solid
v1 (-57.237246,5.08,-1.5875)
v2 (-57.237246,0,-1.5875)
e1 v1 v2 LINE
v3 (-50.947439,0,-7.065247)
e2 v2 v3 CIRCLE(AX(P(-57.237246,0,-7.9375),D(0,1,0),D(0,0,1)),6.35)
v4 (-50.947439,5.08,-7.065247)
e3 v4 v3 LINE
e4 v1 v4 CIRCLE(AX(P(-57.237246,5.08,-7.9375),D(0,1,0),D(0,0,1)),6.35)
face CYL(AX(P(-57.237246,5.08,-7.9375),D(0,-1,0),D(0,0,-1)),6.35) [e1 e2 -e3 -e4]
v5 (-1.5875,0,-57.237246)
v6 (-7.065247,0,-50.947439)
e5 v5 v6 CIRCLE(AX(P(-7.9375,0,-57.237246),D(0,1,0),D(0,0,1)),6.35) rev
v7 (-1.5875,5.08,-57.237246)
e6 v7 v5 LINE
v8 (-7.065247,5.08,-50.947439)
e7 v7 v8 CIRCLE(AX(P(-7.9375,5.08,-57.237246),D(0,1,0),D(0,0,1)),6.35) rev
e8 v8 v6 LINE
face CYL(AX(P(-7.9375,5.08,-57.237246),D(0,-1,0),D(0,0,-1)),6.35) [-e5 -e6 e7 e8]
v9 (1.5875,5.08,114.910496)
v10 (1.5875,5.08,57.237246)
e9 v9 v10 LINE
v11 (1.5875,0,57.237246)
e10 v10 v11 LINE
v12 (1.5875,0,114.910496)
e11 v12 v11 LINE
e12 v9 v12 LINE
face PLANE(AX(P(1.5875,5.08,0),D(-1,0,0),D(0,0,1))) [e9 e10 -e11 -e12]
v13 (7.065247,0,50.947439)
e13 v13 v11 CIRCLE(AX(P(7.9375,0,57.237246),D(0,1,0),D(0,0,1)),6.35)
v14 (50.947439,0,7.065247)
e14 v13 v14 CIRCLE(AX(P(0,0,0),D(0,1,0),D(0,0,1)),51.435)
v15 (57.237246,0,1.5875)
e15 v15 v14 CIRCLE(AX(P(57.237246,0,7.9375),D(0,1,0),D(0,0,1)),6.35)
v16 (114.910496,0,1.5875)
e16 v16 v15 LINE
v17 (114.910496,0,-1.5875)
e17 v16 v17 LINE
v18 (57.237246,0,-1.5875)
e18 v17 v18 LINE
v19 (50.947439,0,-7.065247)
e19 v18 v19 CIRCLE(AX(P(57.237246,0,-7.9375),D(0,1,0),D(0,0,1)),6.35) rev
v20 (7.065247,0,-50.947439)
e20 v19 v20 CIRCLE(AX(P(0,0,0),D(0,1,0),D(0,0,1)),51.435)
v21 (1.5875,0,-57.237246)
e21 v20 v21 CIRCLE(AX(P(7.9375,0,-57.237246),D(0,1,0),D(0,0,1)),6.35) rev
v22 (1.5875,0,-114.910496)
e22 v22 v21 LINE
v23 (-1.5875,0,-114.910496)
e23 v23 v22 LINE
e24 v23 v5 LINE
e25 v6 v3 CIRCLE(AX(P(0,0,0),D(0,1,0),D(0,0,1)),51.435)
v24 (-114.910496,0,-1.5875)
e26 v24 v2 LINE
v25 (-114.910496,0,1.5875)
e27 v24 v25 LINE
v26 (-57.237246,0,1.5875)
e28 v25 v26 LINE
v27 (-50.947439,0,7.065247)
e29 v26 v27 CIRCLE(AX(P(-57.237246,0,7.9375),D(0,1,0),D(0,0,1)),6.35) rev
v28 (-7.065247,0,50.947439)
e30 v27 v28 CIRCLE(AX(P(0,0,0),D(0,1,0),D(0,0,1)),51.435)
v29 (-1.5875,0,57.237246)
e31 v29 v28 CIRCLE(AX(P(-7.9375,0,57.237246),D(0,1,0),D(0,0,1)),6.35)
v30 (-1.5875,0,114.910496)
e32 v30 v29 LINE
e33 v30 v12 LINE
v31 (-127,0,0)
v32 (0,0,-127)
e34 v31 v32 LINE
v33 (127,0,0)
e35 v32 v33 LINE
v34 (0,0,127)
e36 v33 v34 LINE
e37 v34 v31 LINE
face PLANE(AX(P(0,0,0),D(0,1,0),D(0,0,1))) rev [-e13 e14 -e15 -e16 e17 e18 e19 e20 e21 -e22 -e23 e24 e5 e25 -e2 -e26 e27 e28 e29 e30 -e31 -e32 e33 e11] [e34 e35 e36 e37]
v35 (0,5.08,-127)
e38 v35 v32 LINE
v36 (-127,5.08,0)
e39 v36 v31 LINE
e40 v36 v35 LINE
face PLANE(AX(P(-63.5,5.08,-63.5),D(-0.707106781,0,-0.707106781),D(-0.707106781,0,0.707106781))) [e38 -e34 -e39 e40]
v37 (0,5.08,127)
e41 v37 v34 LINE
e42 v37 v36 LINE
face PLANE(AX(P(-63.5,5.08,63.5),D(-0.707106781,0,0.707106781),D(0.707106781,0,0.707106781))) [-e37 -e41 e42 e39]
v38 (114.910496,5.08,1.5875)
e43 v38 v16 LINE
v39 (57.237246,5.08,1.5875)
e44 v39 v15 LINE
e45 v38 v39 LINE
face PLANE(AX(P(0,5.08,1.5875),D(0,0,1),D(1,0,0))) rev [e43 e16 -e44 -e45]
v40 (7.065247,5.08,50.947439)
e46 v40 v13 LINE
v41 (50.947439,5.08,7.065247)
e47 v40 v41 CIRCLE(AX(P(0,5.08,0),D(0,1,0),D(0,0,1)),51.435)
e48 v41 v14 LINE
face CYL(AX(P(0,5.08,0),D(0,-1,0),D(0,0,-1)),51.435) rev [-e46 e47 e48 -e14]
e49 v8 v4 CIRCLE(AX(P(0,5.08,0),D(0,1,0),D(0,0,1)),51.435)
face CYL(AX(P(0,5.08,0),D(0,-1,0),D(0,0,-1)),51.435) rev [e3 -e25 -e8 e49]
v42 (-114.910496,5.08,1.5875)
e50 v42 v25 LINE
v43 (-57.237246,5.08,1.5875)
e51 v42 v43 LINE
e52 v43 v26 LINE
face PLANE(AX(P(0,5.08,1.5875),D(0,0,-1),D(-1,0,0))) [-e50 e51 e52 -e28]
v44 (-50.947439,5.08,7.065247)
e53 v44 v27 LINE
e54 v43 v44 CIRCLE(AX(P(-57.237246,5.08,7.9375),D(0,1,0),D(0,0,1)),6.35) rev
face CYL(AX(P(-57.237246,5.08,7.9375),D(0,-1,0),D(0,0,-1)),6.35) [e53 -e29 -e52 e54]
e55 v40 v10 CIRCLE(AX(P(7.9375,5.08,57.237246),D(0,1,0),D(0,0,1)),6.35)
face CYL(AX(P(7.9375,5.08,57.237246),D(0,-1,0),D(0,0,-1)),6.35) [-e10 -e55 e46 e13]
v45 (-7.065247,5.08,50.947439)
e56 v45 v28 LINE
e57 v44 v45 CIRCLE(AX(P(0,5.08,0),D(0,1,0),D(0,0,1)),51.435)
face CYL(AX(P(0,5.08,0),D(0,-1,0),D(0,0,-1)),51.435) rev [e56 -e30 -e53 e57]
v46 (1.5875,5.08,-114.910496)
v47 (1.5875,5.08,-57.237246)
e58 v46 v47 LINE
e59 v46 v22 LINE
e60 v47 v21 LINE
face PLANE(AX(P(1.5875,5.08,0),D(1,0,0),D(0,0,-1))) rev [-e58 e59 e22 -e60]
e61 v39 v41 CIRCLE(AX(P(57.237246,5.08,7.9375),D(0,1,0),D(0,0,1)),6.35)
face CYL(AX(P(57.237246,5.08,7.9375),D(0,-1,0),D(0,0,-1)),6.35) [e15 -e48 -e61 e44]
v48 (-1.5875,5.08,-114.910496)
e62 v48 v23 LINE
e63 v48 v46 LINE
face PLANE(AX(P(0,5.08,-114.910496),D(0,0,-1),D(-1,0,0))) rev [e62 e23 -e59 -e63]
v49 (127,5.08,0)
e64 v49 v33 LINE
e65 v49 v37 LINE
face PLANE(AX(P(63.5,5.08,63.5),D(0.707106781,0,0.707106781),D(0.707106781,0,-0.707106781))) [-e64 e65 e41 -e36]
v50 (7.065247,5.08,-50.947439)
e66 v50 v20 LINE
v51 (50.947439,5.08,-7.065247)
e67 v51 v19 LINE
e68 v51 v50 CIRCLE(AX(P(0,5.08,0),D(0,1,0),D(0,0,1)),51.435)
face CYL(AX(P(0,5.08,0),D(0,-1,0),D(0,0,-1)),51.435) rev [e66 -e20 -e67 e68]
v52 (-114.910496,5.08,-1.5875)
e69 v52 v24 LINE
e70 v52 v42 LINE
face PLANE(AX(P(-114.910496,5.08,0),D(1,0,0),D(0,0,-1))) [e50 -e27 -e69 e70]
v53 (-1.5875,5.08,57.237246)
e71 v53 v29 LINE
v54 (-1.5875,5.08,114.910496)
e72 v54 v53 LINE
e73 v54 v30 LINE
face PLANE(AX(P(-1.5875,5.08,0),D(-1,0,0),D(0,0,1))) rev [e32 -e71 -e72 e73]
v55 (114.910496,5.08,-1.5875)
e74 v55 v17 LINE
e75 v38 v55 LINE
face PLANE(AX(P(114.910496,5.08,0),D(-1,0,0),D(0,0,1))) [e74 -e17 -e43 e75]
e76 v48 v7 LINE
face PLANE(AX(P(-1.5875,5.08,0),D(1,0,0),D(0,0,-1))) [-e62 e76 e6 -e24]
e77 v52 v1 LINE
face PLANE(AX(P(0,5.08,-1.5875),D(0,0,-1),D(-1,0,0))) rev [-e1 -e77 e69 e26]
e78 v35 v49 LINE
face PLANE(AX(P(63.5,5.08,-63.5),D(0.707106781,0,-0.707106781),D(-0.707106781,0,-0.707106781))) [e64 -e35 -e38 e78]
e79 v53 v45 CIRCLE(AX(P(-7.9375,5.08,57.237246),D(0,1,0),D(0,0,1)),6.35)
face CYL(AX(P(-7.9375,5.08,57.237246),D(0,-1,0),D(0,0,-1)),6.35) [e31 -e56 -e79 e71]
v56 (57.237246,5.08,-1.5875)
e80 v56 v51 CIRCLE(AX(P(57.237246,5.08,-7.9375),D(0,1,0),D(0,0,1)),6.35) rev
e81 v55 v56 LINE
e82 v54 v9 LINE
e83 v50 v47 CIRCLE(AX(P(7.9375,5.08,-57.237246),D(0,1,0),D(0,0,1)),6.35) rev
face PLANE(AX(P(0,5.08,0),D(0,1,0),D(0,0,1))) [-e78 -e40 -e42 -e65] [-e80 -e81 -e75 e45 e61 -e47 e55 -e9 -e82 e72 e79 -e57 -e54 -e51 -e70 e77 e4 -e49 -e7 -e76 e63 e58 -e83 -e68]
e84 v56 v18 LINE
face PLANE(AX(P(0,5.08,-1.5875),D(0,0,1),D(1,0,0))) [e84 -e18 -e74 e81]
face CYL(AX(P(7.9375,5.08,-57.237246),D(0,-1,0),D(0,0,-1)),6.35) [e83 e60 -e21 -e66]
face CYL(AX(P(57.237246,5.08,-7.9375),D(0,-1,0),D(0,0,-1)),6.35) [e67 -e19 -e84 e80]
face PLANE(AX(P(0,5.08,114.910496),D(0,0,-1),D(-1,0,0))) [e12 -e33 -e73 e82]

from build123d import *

# Parameters (mm, degrees)
BOSS_EXTRUDE1_DEPTH = 5.08


with BuildPart() as part:
    # Sketch1 → Boss-Extrude1 (new body)
    with BuildSketch(Plane(origin=(0, 0, 0), x_dir=(1, 0, 0), z_dir=(0, 1, 0))):
        Polygon((-127, 0), (0, -127), (127, 0), (0, 127), align=None)
        with BuildLine():
            Line((114.910495706, 1.5875), (114.910495706, -1.5875))
            Line((114.910495706, -1.5875), (57.237245905, -1.5875))
            ThreePointArc((57.237245905, -1.5875), (53.066892499, -3.148903914), (50.947438662, -7.065247253))
            ThreePointArc((50.947438662, -7.065247253), (36.37003729, -36.37003729), (7.065247253, -50.947438662))
            ThreePointArc((7.065247253, -50.947438662), (3.148903914, -53.066892499), (1.5875, -57.237245905))
            Line((1.5875, -57.237245905), (1.5875, -114.910495706))
            Line((1.5875, -114.910495706), (-1.5875, -114.910495706))
            Line((-1.5875, -114.910495706), (-1.5875, -57.237245905))
            ThreePointArc((-1.5875, -57.237245905), (-3.148903914, -53.066892499), (-7.065247253, -50.947438662))
            ThreePointArc((-7.065247253, -50.947438662), (-36.37003729, -36.37003729), (-50.947438662, -7.065247253))
            ThreePointArc((-50.947438662, -7.065247253), (-53.066892499, -3.148903914), (-57.237245905, -1.5875))
            Line((-57.237245905, -1.5875), (-114.910495706, -1.5875))
            Line((-114.910495706, -1.5875), (-114.910495706, 1.5875))
            Line((-114.910495706, 1.5875), (-57.237245905, 1.5875))
            ThreePointArc((-57.237245905, 1.5875), (-53.066892499, 3.148903914), (-50.947438662, 7.065247253))
            ThreePointArc((-50.947438662, 7.065247253), (-36.37003729, 36.37003729), (-7.065247253, 50.947438662))
            ThreePointArc((-7.065247253, 50.947438662), (-3.148903914, 53.066892499), (-1.5875, 57.237245905))
            Line((-1.5875, 57.237245905), (-1.5875, 114.910495706))
            Line((-1.5875, 114.910495706), (1.5875, 114.910495706))
            Line((1.5875, 114.910495706), (1.5875, 57.237245905))
            ThreePointArc((1.5875, 57.237245905), (3.148903914, 53.066892499), (7.065247253, 50.947438662))
            ThreePointArc((7.065247253, 50.947438662), (36.37003729, 36.37003729), (50.947438662, 7.065247253))
            ThreePointArc((50.947438662, 7.065247253), (53.066892499, 3.148903914), (57.237245905, 1.5875))
            Line((57.237245905, 1.5875), (114.910495706, 1.5875))
        make_face(mode=Mode.SUBTRACT)
    extrude(amount=BOSS_EXTRUDE1_DEPTH)


solid = part.part
